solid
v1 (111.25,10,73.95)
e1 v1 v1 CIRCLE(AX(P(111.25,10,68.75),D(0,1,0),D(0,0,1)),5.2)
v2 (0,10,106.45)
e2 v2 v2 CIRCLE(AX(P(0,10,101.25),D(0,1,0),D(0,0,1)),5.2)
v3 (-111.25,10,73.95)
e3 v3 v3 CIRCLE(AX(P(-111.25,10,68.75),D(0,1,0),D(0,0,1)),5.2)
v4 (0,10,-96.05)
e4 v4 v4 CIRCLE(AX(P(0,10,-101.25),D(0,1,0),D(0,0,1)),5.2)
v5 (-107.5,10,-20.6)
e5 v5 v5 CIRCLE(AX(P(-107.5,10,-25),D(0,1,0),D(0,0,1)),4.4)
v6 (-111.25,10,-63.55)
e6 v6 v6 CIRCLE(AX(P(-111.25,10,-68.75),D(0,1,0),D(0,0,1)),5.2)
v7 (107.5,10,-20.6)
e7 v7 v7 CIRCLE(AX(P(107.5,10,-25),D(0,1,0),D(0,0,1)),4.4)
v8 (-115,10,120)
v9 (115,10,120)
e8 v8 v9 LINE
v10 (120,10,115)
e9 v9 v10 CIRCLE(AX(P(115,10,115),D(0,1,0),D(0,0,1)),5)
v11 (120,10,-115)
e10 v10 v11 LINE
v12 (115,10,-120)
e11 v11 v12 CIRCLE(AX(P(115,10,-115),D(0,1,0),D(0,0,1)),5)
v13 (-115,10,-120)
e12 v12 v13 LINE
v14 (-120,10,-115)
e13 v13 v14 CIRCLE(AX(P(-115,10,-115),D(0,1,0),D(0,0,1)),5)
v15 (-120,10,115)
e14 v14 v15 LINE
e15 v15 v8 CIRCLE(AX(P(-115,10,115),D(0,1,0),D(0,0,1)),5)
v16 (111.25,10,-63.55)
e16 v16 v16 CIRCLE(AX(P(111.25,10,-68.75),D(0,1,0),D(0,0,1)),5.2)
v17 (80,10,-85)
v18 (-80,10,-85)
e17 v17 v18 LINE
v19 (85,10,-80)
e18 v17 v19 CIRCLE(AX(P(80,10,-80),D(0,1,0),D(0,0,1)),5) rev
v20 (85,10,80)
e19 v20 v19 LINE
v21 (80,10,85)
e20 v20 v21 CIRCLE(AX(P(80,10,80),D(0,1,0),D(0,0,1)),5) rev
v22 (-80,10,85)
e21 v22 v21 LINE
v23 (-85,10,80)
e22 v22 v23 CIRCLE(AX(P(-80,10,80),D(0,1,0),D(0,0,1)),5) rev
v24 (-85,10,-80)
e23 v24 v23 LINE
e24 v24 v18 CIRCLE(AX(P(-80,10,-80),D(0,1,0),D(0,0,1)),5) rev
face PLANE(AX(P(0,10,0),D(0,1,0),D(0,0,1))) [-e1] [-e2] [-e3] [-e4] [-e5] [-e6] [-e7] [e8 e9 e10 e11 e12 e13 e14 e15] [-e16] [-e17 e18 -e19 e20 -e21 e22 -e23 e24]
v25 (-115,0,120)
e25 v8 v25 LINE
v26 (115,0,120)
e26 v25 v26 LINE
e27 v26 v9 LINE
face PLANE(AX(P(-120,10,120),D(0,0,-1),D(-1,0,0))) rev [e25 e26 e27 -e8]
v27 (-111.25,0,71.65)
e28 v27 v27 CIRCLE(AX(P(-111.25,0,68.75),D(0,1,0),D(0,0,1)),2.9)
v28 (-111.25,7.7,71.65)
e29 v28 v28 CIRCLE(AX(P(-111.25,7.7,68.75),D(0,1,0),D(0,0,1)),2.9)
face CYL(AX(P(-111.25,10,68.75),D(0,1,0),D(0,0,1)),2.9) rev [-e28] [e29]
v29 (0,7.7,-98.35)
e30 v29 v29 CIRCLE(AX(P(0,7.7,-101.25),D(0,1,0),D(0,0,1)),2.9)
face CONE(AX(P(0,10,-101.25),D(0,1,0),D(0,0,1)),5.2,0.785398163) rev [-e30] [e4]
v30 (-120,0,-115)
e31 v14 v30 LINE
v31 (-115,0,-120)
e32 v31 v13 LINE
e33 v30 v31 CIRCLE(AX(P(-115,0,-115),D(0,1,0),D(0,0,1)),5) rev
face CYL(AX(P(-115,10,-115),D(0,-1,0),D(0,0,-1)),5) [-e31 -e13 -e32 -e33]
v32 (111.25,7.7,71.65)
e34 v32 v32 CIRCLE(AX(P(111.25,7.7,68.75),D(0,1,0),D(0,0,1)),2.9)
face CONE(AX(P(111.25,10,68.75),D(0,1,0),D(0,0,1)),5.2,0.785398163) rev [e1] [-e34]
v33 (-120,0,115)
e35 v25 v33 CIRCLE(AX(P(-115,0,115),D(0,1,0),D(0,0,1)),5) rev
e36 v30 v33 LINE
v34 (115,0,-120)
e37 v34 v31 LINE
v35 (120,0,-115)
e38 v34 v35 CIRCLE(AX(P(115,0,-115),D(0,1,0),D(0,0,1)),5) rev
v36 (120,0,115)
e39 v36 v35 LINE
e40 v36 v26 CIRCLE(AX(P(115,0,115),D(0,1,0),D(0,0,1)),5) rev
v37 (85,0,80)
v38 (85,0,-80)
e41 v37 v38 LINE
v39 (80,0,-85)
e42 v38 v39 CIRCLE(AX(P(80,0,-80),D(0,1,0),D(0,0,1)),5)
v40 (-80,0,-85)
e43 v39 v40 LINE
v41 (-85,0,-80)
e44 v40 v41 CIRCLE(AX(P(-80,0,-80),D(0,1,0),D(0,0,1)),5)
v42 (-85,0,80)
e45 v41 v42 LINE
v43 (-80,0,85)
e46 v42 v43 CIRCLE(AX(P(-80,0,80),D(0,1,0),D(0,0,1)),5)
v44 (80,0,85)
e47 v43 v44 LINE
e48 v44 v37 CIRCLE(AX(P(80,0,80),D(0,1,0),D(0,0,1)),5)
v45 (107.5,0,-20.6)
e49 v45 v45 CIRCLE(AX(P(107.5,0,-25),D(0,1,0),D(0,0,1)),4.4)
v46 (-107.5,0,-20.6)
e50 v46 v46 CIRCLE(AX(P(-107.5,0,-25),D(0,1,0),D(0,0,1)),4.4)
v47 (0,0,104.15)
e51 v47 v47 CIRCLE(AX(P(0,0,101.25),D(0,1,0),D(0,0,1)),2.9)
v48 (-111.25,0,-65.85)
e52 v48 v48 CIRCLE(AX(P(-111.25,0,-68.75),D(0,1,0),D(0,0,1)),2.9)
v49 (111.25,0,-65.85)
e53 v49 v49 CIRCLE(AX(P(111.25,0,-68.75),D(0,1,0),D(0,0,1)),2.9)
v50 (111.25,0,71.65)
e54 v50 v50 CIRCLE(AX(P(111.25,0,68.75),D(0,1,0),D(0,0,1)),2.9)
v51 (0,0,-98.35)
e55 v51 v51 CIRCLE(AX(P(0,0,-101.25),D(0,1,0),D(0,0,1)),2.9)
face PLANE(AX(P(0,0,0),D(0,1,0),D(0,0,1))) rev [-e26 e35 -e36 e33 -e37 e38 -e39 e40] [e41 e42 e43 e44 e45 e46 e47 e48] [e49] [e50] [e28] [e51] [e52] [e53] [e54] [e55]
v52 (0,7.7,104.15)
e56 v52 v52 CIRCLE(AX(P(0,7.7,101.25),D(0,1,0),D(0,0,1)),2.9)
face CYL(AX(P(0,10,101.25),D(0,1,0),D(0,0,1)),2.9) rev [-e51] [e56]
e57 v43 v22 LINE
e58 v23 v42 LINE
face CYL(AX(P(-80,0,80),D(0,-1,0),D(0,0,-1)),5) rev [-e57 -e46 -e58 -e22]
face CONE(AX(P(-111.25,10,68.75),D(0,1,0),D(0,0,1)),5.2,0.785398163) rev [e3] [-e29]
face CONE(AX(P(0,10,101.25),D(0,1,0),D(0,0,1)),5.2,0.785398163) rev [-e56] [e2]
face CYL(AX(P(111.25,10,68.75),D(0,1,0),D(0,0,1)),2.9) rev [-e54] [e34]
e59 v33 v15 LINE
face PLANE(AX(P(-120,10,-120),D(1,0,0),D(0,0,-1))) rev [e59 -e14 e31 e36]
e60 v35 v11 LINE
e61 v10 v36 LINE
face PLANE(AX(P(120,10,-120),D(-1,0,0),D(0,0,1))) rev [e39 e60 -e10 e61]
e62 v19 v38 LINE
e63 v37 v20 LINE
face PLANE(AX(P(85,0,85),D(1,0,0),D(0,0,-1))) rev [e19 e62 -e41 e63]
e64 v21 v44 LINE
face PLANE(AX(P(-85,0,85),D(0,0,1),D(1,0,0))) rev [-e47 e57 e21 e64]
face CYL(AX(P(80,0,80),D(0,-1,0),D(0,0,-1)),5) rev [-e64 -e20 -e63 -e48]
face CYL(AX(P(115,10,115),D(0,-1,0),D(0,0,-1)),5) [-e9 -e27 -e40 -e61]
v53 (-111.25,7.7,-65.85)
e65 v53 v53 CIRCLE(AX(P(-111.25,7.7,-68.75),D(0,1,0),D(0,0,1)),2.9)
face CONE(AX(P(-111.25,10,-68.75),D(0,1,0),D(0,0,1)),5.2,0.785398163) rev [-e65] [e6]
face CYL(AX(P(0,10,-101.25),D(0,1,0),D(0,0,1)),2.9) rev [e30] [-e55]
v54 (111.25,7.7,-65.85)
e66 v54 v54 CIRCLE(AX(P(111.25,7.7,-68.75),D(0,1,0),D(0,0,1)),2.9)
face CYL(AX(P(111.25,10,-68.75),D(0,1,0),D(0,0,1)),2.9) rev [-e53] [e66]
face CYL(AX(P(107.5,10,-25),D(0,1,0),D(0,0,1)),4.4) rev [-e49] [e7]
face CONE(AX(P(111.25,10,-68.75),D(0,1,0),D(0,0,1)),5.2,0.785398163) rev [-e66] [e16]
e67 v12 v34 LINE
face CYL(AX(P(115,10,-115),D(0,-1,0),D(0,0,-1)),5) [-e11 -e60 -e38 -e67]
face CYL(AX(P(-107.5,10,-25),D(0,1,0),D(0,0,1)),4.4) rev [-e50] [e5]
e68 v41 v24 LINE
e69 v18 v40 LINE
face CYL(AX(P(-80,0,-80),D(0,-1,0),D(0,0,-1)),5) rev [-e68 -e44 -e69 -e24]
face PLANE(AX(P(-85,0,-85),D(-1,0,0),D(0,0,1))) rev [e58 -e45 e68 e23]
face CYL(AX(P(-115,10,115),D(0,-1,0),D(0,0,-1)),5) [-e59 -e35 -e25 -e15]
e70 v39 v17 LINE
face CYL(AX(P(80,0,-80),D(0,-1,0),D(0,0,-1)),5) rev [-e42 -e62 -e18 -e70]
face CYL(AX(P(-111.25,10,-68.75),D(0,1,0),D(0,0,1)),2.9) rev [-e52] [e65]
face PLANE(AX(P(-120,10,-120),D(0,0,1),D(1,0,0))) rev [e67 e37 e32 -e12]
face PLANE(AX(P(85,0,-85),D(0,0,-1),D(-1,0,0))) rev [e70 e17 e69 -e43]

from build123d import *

# Parameters (mm, degrees)
SKETCH1_W                                       = 240
SKETCH1_H                                       = 240
BOSS_EXTRUDE1_DEPTH                             = 10
CSK_FOR_M5_FLAT_HEAD_MACHINE_SCREW1_D           = 5.8
CSK_FOR_M5_FLAT_HEAD_MACHINE_SCREW1_CSINK_D     = 10.4
CSK_FOR_M5_FLAT_HEAD_MACHINE_SCREW1_CSINK_ANGLE = 90
FILLET1_R                                       = 5
TAP_DRILL_FOR_M10X1_25_TAP1_D                   = 8.8
TAP_DRILL_FOR_M10X1_25_TAP1_DEPTH               = 19.75
TAP_DRILL_FOR_M10X1_25_TAP1_TIP                 = 2.643786724
SKETCH8_W                                       = 170
SKETCH8_H                                       = 170
CUT_EXTRUDE1_DEPTH                              = 10
FILLET2_R                                       = 5


with BuildPart() as part:
    # Sketch1 → Boss-Extrude1 (new body)
    with BuildSketch(Plane(origin=(0, 0, 0), x_dir=(1, 0, 0), z_dir=(0, 1, 0))):
        Rectangle(SKETCH1_W, SKETCH1_H)
    extrude(amount=BOSS_EXTRUDE1_DEPTH)

    # CSK for M5 Flat Head Machine Screw1 (through all)
    with Locations(Plane(origin=(0, 10, 0), x_dir=(1, 0, 0), z_dir=(0, 1, 0))):
        with Locations((-111.25, 68.75), (0, 101.25), (111.25, 68.75), (111.25, -68.75), (0, -101.25), (-111.25, -68.75)):
            CounterSinkHole(CSK_FOR_M5_FLAT_HEAD_MACHINE_SCREW1_D / 2, CSK_FOR_M5_FLAT_HEAD_MACHINE_SCREW1_CSINK_D / 2, counter_sink_angle=CSK_FOR_M5_FLAT_HEAD_MACHINE_SCREW1_CSINK_ANGLE)

    # Fillet1
    fillet1_edges = [part.edges().sort_by_distance(p)[0] for p in [
        (120, 5, 120),
        (-120, 5, 120),
        (-120, 5, -120),
        (120, 5, -120),
    ]]
    fillet(fillet1_edges, radius=FILLET1_R)

    # Tap Drill for M10x1.25 Tap1
    with Locations(Plane(origin=(0, 10, 0), x_dir=(1, 0, 0), z_dir=(0, 1, 0))):
        with Locations((107.5, 25), (-107.5, 25)):
            Hole(TAP_DRILL_FOR_M10X1_25_TAP1_D / 2, depth=TAP_DRILL_FOR_M10X1_25_TAP1_DEPTH)
            with Locations((0, 0, -(TAP_DRILL_FOR_M10X1_25_TAP1_DEPTH + TAP_DRILL_FOR_M10X1_25_TAP1_TIP / 2))):  # 118° drill point
                Cone(0, TAP_DRILL_FOR_M10X1_25_TAP1_D / 2, TAP_DRILL_FOR_M10X1_25_TAP1_TIP, mode=Mode.SUBTRACT)

    # Sketch8 → Cut-Extrude1 (cut)
    with BuildSketch(Plane(origin=(0, 10, 0), x_dir=(1, 0, 0), z_dir=(0, 1, 0))):
        Rectangle(SKETCH8_W, SKETCH8_H)
    extrude(amount=-CUT_EXTRUDE1_DEPTH, mode=Mode.SUBTRACT)

    # Fillet2
    fillet2_edges = [part.edges().sort_by_distance(p)[0] for p in [
        (-85, 5, -85),
        (85, 5, -85),
        (85, 5, 85),
        (-85, 5, 85),
    ]]
    fillet(fillet2_edges, radius=FILLET2_R)


solid = part.part
